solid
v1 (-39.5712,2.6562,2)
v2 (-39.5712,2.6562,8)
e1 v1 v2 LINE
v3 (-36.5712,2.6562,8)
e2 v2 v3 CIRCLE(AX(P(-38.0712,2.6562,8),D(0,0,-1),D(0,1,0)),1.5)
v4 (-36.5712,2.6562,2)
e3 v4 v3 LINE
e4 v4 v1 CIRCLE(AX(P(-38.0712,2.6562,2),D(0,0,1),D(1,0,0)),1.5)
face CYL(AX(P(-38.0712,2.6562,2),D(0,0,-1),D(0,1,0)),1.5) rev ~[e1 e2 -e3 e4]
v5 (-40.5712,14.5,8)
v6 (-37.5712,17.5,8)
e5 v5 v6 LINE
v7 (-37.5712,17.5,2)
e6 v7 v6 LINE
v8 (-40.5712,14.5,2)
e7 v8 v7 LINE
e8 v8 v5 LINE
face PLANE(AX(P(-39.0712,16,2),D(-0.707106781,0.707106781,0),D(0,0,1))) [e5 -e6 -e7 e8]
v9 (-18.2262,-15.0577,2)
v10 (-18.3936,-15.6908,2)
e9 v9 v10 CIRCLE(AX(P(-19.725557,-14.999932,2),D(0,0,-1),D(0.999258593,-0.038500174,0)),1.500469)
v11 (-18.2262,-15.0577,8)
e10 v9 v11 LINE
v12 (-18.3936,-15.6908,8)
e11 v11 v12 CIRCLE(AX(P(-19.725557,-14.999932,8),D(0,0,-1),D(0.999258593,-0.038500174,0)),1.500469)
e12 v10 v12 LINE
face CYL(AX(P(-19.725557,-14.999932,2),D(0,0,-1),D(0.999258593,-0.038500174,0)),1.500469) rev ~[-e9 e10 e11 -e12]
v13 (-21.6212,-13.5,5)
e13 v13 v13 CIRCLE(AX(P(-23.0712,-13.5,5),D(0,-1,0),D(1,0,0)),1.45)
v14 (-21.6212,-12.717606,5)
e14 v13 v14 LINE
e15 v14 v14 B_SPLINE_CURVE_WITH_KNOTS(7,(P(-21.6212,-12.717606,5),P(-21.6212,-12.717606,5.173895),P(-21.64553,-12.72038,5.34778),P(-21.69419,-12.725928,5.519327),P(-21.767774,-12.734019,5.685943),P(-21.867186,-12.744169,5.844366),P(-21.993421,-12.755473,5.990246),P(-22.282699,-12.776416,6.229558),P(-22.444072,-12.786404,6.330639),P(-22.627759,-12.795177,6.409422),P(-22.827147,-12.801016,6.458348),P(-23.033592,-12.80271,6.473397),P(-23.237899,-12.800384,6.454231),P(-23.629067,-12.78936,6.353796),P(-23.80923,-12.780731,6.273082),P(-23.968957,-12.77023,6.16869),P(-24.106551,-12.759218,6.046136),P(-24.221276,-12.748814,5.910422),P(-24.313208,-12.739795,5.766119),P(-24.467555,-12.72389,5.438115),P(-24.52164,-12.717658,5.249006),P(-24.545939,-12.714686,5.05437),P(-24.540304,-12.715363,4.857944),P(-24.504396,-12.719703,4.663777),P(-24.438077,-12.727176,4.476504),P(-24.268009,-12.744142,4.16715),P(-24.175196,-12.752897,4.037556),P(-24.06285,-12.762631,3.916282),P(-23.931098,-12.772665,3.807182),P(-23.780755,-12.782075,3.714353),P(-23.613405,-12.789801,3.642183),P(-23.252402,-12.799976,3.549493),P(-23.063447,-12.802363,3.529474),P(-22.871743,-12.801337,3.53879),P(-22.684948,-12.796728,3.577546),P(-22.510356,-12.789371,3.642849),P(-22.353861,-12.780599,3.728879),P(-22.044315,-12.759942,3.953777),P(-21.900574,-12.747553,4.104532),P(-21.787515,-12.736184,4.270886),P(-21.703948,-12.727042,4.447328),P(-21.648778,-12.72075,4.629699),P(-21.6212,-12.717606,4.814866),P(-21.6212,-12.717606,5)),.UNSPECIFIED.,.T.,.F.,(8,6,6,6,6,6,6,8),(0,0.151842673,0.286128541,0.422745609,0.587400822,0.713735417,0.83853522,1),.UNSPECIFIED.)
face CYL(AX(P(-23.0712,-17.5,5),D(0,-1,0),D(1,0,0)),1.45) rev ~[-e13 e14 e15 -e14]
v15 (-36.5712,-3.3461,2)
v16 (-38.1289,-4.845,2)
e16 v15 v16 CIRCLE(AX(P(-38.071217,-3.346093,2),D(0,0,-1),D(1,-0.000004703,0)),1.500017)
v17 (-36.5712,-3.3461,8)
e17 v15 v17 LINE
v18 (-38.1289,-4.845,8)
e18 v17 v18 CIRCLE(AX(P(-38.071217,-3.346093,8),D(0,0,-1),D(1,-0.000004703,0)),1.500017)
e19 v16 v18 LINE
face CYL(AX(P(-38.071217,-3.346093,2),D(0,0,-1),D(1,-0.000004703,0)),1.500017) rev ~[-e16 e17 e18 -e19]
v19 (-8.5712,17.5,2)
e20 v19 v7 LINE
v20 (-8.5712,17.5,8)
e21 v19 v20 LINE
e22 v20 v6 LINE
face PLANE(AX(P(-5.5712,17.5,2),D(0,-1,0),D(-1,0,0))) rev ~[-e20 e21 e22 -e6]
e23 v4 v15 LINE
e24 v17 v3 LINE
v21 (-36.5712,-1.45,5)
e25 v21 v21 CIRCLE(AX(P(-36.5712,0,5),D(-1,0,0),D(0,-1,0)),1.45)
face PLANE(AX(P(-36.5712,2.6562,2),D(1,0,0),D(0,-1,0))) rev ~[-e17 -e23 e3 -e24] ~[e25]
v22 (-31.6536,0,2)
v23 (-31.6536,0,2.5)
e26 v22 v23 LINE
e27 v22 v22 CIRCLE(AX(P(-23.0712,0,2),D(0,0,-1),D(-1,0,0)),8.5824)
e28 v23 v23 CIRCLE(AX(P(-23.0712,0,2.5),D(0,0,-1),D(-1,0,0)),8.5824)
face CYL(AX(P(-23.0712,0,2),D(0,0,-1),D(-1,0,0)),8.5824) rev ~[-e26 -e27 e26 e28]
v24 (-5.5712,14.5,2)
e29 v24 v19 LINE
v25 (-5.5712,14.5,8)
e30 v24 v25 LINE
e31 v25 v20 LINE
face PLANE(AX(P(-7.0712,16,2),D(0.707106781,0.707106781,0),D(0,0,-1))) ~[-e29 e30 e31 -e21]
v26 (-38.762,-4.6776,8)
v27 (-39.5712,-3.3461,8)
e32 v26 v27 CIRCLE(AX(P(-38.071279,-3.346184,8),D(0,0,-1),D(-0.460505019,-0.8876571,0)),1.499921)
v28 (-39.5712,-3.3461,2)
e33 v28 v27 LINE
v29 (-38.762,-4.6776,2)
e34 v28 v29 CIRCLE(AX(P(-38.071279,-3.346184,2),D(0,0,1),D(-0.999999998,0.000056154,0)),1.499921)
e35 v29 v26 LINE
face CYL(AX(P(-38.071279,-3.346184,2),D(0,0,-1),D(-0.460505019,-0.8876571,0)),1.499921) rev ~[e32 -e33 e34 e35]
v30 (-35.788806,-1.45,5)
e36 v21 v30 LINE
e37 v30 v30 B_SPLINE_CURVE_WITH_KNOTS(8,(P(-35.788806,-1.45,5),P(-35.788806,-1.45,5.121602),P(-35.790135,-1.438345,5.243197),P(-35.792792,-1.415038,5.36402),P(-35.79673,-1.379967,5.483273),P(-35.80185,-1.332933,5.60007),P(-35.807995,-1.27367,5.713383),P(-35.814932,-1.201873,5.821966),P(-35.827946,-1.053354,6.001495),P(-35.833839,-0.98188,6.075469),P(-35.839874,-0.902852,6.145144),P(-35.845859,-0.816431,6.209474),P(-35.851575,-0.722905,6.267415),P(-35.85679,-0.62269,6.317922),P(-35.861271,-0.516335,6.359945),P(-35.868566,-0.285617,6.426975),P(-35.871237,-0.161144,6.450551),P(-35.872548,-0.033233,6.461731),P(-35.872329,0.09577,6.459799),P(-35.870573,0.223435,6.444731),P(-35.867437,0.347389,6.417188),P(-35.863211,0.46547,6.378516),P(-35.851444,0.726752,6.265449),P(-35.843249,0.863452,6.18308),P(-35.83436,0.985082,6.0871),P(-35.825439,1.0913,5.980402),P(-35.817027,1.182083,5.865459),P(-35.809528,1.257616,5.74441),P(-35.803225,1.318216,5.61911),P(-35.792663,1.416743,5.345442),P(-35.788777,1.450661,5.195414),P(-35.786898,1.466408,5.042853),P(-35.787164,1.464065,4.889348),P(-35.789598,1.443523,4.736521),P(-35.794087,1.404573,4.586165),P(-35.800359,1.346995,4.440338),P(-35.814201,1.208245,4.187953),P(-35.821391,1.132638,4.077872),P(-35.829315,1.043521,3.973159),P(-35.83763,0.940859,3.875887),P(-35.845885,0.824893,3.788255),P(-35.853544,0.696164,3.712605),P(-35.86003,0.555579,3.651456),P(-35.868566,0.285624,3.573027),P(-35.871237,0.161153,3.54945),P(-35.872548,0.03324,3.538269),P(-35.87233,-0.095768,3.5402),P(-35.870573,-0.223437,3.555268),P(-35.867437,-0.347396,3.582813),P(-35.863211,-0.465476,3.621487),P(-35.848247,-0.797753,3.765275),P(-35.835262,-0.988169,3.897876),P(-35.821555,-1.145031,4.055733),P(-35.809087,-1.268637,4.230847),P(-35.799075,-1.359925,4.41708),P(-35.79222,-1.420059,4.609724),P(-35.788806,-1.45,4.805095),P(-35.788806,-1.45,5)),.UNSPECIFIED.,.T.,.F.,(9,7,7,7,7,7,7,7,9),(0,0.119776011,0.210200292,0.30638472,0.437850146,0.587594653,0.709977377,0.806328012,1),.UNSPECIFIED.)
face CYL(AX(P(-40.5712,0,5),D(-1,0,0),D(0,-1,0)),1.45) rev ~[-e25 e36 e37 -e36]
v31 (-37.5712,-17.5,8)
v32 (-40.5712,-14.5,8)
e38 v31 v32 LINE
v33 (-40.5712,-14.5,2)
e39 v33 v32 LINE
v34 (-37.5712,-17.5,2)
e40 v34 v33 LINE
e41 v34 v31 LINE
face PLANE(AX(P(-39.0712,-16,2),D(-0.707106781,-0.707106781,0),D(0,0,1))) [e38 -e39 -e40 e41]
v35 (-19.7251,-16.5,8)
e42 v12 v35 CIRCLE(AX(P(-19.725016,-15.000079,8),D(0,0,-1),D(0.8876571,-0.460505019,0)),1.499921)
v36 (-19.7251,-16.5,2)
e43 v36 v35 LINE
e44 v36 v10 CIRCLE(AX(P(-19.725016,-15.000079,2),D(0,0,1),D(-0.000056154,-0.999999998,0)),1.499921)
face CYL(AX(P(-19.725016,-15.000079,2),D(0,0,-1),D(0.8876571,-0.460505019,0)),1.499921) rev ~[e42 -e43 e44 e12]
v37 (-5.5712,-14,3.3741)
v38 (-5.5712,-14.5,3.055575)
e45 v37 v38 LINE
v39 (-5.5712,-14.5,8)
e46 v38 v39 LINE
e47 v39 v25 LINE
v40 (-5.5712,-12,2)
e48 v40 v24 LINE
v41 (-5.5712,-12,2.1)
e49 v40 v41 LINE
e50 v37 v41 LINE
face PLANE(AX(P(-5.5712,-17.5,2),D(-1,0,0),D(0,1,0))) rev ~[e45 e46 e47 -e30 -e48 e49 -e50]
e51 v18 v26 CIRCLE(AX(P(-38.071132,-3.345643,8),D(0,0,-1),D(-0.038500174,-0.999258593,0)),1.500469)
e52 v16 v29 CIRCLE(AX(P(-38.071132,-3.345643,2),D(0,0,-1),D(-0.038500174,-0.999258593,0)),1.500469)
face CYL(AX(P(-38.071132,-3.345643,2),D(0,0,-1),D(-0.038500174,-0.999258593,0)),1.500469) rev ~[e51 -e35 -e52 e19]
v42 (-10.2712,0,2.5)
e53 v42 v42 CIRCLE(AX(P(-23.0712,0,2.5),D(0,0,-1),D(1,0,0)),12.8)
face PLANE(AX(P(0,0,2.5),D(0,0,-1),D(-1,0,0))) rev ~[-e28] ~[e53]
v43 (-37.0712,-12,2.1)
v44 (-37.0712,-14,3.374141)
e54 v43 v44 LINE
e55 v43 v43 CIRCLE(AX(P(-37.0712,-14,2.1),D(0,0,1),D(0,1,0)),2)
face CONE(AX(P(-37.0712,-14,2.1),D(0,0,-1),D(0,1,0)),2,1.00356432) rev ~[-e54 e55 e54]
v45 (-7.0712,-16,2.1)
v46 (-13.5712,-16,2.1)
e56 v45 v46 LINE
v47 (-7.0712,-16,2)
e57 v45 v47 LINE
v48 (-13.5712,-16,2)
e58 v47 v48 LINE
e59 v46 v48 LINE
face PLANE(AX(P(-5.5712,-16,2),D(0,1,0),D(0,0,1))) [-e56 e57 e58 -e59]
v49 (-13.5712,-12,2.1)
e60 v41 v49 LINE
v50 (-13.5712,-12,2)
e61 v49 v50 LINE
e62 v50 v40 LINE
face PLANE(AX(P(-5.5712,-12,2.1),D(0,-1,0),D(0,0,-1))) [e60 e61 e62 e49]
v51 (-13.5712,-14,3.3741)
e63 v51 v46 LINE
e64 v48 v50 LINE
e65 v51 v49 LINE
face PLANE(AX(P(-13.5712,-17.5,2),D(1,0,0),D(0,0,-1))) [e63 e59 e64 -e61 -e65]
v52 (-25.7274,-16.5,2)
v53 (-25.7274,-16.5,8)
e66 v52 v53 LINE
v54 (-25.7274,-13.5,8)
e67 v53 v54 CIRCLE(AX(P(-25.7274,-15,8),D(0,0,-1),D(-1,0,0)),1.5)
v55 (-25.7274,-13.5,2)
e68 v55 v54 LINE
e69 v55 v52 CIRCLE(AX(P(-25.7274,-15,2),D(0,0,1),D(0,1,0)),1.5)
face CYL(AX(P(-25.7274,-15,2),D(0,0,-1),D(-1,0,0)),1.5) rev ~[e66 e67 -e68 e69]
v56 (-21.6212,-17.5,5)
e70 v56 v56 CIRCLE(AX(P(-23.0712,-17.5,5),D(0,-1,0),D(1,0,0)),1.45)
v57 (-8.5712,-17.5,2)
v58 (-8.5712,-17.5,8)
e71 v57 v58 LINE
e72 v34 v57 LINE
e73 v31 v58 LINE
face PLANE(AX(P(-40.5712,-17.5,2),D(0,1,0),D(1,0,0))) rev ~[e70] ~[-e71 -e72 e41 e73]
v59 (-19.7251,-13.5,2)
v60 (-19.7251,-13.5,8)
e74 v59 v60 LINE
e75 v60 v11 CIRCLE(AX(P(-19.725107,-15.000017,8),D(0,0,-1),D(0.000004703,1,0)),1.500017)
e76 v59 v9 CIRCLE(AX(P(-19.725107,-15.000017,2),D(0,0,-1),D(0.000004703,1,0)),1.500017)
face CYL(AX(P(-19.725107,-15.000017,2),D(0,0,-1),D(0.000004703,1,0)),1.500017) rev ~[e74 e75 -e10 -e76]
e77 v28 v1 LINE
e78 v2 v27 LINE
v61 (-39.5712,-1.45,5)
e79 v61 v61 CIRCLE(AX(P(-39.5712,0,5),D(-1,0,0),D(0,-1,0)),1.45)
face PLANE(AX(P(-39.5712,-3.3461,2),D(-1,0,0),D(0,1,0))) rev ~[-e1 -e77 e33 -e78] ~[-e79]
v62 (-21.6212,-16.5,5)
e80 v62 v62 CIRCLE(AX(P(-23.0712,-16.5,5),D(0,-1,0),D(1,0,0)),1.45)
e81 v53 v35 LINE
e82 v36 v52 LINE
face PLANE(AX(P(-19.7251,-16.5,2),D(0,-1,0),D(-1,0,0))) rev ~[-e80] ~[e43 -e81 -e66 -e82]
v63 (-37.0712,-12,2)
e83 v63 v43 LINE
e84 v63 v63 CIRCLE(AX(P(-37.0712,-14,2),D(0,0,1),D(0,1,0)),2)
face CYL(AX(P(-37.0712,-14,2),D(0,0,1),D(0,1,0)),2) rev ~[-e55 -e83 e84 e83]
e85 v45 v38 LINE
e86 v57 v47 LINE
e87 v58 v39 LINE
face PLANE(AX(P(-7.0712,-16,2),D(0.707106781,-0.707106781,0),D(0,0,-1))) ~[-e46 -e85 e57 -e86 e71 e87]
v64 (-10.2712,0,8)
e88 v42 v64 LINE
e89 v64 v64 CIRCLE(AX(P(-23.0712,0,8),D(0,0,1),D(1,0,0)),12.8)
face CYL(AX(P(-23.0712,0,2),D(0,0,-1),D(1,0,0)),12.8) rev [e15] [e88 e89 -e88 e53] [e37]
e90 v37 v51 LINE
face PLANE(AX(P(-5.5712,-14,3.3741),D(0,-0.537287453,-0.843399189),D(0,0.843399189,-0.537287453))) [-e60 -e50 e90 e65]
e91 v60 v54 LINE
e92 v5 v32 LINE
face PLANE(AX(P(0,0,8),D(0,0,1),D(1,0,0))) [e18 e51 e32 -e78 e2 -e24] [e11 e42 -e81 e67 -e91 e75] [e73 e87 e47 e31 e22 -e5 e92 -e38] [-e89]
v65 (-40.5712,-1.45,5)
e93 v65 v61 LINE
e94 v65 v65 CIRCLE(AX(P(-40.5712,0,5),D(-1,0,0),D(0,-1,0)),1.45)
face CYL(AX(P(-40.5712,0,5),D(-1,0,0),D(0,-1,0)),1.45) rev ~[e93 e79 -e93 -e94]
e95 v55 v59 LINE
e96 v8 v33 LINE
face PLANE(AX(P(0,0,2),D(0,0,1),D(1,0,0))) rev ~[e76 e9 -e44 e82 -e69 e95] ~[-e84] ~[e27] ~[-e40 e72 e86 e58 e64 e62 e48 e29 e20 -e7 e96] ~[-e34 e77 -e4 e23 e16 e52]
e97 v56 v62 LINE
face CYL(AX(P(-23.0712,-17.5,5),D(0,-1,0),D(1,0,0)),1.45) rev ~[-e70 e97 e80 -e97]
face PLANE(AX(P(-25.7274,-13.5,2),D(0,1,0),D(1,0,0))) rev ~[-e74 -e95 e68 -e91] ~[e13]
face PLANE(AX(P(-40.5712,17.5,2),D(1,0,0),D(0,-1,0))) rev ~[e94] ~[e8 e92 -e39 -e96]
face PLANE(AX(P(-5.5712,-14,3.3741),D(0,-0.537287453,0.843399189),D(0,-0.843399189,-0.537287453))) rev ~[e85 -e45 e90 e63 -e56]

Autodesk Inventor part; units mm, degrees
ref_plane "YZ Plane" through (0, 0, 0) normal (1, 0, 0) x (0, 1, 0)
ref_plane "XZ Plane" through (0, 0, 0) normal (0, 1, 0) x (-1, 0, 0)
ref_plane "XY Plane" through (0, 0, 0) normal (0, 0, 1) x (1, 0, 0)
ref_plane "Work Plane1" through (0, 0, 2) normal (0, 0, 1) x (1, 0, 0)
sketch "Sketch1" plane through (0, 0, 2) normal (0, 0, 1) x (1, 0, 0)
  circle A0 centre (-37.0712, 14) radius 3.25 construction
  circle A1 centre (-9.0712, -14) radius 3.25 construction
  line L0 (-21.8762, -24.9) -> (-21.8762, -17.08) construction
  line L1 (-21.8762, -17.08) -> (-20.0712, -17.08) construction
  arc A2 (-20.0712, -17.08) -> (-20.0712, -14.08) centre (-20.0712, -15.58) ccw construction
  line L2 (-20.0712, -14.08) -> (-21.8762, -14.08) construction
  line L3 (-21.8762, -14.08) -> (-21.8762, -3.0223) construction
  arc A3 (-21.8762, -3.0223) -> (-25.9925, 1.4242) centre (-23.0712, 0) ccw construction
  line L4 (-25.9925, 1.4242) -> (-37.0712, 1.4242) construction
  line L5 (-37.0712, 1.4242) -> (-37.0712, 3) construction
  arc A4 (-37.0712, 3) -> (-40.0712, 3) centre (-38.5712, 3) ccw construction
  line L6 (-40.0712, 3) -> (-40.0712, 1.4242) construction
  line L7 (-40.0712, 1.4242) -> (-47.9712, 1.4242) construction
  line L8 (-47.9712, 1.4242) -> (-47.9712, 17) construction
  line L9 (-47.9712, 17) -> (-44.3964, 17) construction
  line L10 (-44.3964, 17) -> (-40.0712, 21.3252) construction
  line L11 (-40.0712, 21.3252) -> (-40.0712, 24.9) construction
  line L12 (-40.0712, 24.9) -> (-6.0712, 24.9) construction
  line L13 (-6.0712, 24.9) -> (-6.0712, 21.3252) construction
  line L14 (-6.0712, 21.3252) -> (-1.746, 17) construction
  line L15 (-1.746, 17) -> (1.8288, 17) construction
  line L16 (1.8288, 17) -> (1.8288, -17) construction
  line L17 (1.8288, -17) -> (-1.746, -17) construction
  line L18 (-1.746, -17) -> (-6.1126, -21.3666) construction
  line L19 (-6.1126, -21.3666) -> (-6.1126, -24.9) construction
  line L20 (-6.1126, -24.9) -> (-21.8762, -24.9) construction
  circle A5 centre (-37.0712, -14) radius 3.25 construction
  circle A6 centre (-23.0712, 0) radius 12.45 construction
  circle A7 centre (-23.0712, 0) radius 12.7 construction
  line L21 (-37.0712, 14) -> (-9.0712, 14) construction
  line L22 (-9.0712, 14) -> (-9.0712, -14) construction
  line L23 (-9.0712, -14) -> (-37.0712, -14) construction
  line L24 (-37.0712, -14) -> (-37.0712, 14) construction
  line L25 (-5.5712, -17.5) -> (-5.5712, 17.5)
  line L26 (-5.5712, 17.5) -> (-40.5712, 17.5)
  line L27 (-40.5712, 17.5) -> (-40.5712, -17.5)
  line L28 (-40.5712, -17.5) -> (-5.5712, -17.5)
  circle A8 centre (-23.0712, 0) radius 12.8
  point P0 (0, 0)
  dimension "d0" = 3.5
  dimension "d1" = 0.1
extrude "Extrusion1" add sketch "Sketch1" along normal blind 6
sketch "Sketch2" plane through (0, 0, 2) normal (0, 0, -1) x (-1, 0, 0)
  circle A0 centre (23.0712, 0) radius 12.8 projected
  circle A1 centre (23.0712, 0) radius 8.5824
  line L0 (5.5712, -17.5) -> (5.5712, 17.5) projected
  line L1 (5.5712, 17.5) -> (40.5712, 17.5) projected
  point P0 (0, 0)
  point P1 (5.5712, 0)
  point P2 (23.0712, 17.5)
  point P3 (5.5712, 0)
  point P4 (5.5712, 0)
  point P5 (5.5712, 0)
  point P6 (23.0712, 17.5)
  point P7 (23.0712, 17.5)
  point P8 (23.0712, 17.5)
extrude "Extrusion2" add sketch "Sketch2" against normal blind 0.5
sketch "Sketch3" plane through (0, 0, 2) normal (0, 0, -1) x (-1, 0, 0)
  circle A0 centre (9.0712, -14) radius 1.45 construction
  circle A1 centre (9.0712, -14) radius 2.45
  circle A2 centre (37.0712, -14) radius 1.45 projected
  circle A3 centre (37.0712, -14) radius 1.95
  point P0 (0, 0)
  dimension "d8" = 1
  dimension "d10" = 0.5
sketch "Sketch5" plane through (0, 0, 2) normal (0, 0, -1) x (-1, 0, 0)
  arc A0 (20.0712, -14.08) -> (20.0712, -17.08) centre (20.0712, -15.58) ccw projected
  arc A1 (26.0712, -17.08) -> (26.0712, -14.08) centre (26.0712, -15.58) ccw projected
  line L0 (37.0712, 3) -> (37.0712, -3) projected
  arc A2 (37.0712, -3) -> (40.0712, -3) centre (38.5712, -3) ccw projected
  line L1 (40.0712, -3) -> (40.0712, 3) projected
  arc A3 (40.0712, 3) -> (37.0712, 3) centre (38.5712, 3) ccw projected
  line L2 (26.0712, -14.08) -> (20.0712, -14.08) projected
  arc A4 (20.0712, -14.08) -> (20.0712, -17.08) centre (20.0712, -15.58) ccw projected
  line L3 (20.0712, -17.08) -> (26.0712, -17.08) projected
  arc A5 (26.0712, -17.08) -> (26.0712, -14.08) centre (26.0712, -15.58) ccw projected
  circle A6 centre (37.0712, -14) radius 1.45 projected
  circle A7 centre (23.0712, 0) radius 1.45 projected
  circle A8 centre (9.0712, -14) radius 1.45 projected
  circle A9 centre (37.0712, 14) radius 1.45 projected
  line L4 (-1.8288, -17) -> (-1.8288, 17) projected
  line L5 (-1.8288, 17) -> (1.746, 17) projected
  line L6 (1.746, 17) -> (6.0712, 21.3252) projected
  line L7 (6.0712, 21.3252) -> (6.0712, 24.9) projected
  line L8 (6.0712, 24.9) -> (40.0712, 24.9) projected
  line L9 (40.0712, 24.9) -> (40.0712, 21.3252) projected
  line L10 (40.0712, 21.3252) -> (44.3964, 17) projected
  line L11 (44.3964, 17) -> (47.9712, 17) projected
  line L12 (47.9712, 17) -> (47.9712, -17) projected
  line L13 (44.3964, -17) -> (47.9712, -17) projected
  line L14 (40.0712, -21.3252) -> (44.3964, -17) projected
  line L15 (40.0712, -24.9) -> (40.0712, -21.3252) projected
  line L16 (6.1126, -24.9) -> (40.0712, -24.9) projected
  line L17 (6.1126, -24.9) -> (6.1126, -21.3666) projected
  line L18 (6.1126, -21.3666) -> (1.746, -17) projected
  line L19 (1.746, -17) -> (-1.8288, -17) projected
  line L20 (40.5712, -17.5) -> (5.5712, -17.5) projected
  arc A10 (19.7251, -13.5) -> (18.2262, -15.0577) centre (19.7251, -15) ccw
  arc A11 (25.7274, -16.5) -> (25.7274, -16.5) centre (25.7274, -15) ccw
  line L21 (25.7274, -13.5) -> (25.7274, -13.5)
  arc A12 (19.7251, -13.5) -> (18.2262, -15.0577) centre (19.7251, -15) ccw
  line L22 (19.7251, -16.5) -> (19.7251, -16.5)
  arc A13 (25.7274, -16.5) -> (25.7274, -16.5) centre (25.7274, -15) ccw
  arc A14 (18.3936, -15.6908) -> (19.7251, -16.5) centre (19.7251, -15) ccw
  arc A15 (18.2262, -15.0577) -> (18.3936, -15.6908) centre (19.7251, -15) ccw
  arc A16 (18.3936, -15.6908) -> (19.7251, -16.5) centre (19.7251, -15) ccw
  arc A17 (18.2262, -15.0577) -> (18.3936, -15.6908) centre (19.7251, -15) ccw
  arc A18 (26.9396, -15.8835) -> (27.2262, -15.0582) centre (25.7274, -15) ccw
  arc A19 (26.9396, -15.8835) -> (27.2262, -15.0582) centre (25.7274, -15) ccw
  arc A20 (27.2262, -15.0582) -> (25.7274, -13.5) centre (25.7274, -15) ccw
  arc A21 (27.2262, -15.0582) -> (25.7274, -13.5) centre (25.7274, -15) ccw
  line L23 (19.7251, -16.5) -> (25.7274, -16.5)
  line L24 (25.7274, -13.5) -> (19.7251, -13.5)
  line L25 (19.7251, -13.5) -> (19.7251, -13.5)
  arc A22 (25.7274, -16.5) -> (26.9396, -15.8835) centre (25.7274, -15) ccw
  arc A23 (25.7274, -16.5) -> (26.9396, -15.8835) centre (25.7274, -15) ccw
  point P0 (0, 0)
  point P1 (40.0712, -3)
  point P2 (22.6287, -9.823)
  point P3 (22.6523, -12.823)
  point P4 (19.7251, -16.5)
  point P5 (25.7274, -16.5)
  point P6 (25.7274, -13.5)
  point P7 (19.7251, -13.5)
  dimension "d50" = 9
  dimension "d52" = 3
  dimension "d53" = 1.5
  dimension "d56" = 1.5
  dimension "d57" = 1.5
  dimension "d58" = 1.5
  dimension "d59" = 1
extrude "Extrusion5" cut sketch "Sketch5" against normal blind 8 contours L2 A11 L23 A14 A0 | A0 A14 A15 A10 L24 A11 L2 | A11 A1 L2 | L2 A1 A11
sketch "Sketch6" plane through (-40.5712, -17.5, 8) normal (0, -1, 0) x (1, 0, 0)
  line L0 (0, -6) -> (35, -6) projected
  line L1 (35, -6) -> (35, 0) projected
  line L2 (0, 0) -> (35, 0) projected
  line L3 (0, -6) -> (0, 0) projected
  line L4 (30.3, 0) -> (30.3, 0) projected
  circle A0 centre (17.5, -3) radius 1.45
  point P0 (40.5712, -8)
  point P1 (17.5, 0)
  point P2 (35, -3)
  dimension "d34" = 2.9
extrude "Extrusion6" cut sketch "Sketch6" against normal blind 8 contours A0
pattern_circular "Circular Pattern1" count 2 over 90 about axis through (-23.0712, 0, 2) along (0, 0, -1) of "Extrusion6"
chamfer "Chamfer1" distance 3 angle 45 4 edges at (-40.5712, 17.5, 5) (-5.5712, 17.5, 5) (-5.5712, -17.5, 5) (-40.5712, -17.5, 5)
hole "Hole1" at (-37.0712, -14, 2) direction (0, 0, 1) diameter 4 depth 0.1 tip angle 115
sketch "Sketch4" plane through (-5.5712, -17.5, 2) normal (1, 0, 0) x (0, 0, -1)
  line L0 (2, 4.45) -> (6, 4.45)
  line L1 (2, 1.55) -> (6, 1.55)
  line L2 (0, 0) -> (0, 35) projected
  arc A0 (2, 19) -> (2, 19) centre (1.5, 4.4206) ccw projected
  line L3 (-1.3741, 3.5) -> (-0.1, 5.5) projected
  line L4 (-1.3741, 3.5) -> (-0.1, 1.5) projected
  line L5 (-0.1, 5.5) -> (0.6045, 5.5)
  line L6 (0.6045, 5.5) -> (0.6045, 1.5)
  line L7 (0.6045, 1.5) -> (-0.1, 1.5)
  line L8 (-0.1, 1.5) -> (-0.1, 5.5)
  point P0 (2, 17.5)
  point P1 (-0.1, 1.5)
extrude "Extrusion4" cut sketch "Sketch4" against normal blind 8 contours L7 L8 L5 L2 | L2 L5 L6 L7 | L4 L3 L8
pattern_circular "Circular Pattern2" count 2 over 90 about axis through (-23.0712, 0, 2) along (0, 0, -1) of "Extrusion5"
equation "\"d50\" = d49"
equation "\"d52\" = d51"
equation "\"d53\" = d55"
equation "\"d56\" = d55"
equation "\"d49\" = 9"
equation "\"d51\" = 3"
equation "\"d55\" = 1.5"
properties part number "20_Cube_Insert_Kinematic_KES400AMount_45_UPD_v3"
